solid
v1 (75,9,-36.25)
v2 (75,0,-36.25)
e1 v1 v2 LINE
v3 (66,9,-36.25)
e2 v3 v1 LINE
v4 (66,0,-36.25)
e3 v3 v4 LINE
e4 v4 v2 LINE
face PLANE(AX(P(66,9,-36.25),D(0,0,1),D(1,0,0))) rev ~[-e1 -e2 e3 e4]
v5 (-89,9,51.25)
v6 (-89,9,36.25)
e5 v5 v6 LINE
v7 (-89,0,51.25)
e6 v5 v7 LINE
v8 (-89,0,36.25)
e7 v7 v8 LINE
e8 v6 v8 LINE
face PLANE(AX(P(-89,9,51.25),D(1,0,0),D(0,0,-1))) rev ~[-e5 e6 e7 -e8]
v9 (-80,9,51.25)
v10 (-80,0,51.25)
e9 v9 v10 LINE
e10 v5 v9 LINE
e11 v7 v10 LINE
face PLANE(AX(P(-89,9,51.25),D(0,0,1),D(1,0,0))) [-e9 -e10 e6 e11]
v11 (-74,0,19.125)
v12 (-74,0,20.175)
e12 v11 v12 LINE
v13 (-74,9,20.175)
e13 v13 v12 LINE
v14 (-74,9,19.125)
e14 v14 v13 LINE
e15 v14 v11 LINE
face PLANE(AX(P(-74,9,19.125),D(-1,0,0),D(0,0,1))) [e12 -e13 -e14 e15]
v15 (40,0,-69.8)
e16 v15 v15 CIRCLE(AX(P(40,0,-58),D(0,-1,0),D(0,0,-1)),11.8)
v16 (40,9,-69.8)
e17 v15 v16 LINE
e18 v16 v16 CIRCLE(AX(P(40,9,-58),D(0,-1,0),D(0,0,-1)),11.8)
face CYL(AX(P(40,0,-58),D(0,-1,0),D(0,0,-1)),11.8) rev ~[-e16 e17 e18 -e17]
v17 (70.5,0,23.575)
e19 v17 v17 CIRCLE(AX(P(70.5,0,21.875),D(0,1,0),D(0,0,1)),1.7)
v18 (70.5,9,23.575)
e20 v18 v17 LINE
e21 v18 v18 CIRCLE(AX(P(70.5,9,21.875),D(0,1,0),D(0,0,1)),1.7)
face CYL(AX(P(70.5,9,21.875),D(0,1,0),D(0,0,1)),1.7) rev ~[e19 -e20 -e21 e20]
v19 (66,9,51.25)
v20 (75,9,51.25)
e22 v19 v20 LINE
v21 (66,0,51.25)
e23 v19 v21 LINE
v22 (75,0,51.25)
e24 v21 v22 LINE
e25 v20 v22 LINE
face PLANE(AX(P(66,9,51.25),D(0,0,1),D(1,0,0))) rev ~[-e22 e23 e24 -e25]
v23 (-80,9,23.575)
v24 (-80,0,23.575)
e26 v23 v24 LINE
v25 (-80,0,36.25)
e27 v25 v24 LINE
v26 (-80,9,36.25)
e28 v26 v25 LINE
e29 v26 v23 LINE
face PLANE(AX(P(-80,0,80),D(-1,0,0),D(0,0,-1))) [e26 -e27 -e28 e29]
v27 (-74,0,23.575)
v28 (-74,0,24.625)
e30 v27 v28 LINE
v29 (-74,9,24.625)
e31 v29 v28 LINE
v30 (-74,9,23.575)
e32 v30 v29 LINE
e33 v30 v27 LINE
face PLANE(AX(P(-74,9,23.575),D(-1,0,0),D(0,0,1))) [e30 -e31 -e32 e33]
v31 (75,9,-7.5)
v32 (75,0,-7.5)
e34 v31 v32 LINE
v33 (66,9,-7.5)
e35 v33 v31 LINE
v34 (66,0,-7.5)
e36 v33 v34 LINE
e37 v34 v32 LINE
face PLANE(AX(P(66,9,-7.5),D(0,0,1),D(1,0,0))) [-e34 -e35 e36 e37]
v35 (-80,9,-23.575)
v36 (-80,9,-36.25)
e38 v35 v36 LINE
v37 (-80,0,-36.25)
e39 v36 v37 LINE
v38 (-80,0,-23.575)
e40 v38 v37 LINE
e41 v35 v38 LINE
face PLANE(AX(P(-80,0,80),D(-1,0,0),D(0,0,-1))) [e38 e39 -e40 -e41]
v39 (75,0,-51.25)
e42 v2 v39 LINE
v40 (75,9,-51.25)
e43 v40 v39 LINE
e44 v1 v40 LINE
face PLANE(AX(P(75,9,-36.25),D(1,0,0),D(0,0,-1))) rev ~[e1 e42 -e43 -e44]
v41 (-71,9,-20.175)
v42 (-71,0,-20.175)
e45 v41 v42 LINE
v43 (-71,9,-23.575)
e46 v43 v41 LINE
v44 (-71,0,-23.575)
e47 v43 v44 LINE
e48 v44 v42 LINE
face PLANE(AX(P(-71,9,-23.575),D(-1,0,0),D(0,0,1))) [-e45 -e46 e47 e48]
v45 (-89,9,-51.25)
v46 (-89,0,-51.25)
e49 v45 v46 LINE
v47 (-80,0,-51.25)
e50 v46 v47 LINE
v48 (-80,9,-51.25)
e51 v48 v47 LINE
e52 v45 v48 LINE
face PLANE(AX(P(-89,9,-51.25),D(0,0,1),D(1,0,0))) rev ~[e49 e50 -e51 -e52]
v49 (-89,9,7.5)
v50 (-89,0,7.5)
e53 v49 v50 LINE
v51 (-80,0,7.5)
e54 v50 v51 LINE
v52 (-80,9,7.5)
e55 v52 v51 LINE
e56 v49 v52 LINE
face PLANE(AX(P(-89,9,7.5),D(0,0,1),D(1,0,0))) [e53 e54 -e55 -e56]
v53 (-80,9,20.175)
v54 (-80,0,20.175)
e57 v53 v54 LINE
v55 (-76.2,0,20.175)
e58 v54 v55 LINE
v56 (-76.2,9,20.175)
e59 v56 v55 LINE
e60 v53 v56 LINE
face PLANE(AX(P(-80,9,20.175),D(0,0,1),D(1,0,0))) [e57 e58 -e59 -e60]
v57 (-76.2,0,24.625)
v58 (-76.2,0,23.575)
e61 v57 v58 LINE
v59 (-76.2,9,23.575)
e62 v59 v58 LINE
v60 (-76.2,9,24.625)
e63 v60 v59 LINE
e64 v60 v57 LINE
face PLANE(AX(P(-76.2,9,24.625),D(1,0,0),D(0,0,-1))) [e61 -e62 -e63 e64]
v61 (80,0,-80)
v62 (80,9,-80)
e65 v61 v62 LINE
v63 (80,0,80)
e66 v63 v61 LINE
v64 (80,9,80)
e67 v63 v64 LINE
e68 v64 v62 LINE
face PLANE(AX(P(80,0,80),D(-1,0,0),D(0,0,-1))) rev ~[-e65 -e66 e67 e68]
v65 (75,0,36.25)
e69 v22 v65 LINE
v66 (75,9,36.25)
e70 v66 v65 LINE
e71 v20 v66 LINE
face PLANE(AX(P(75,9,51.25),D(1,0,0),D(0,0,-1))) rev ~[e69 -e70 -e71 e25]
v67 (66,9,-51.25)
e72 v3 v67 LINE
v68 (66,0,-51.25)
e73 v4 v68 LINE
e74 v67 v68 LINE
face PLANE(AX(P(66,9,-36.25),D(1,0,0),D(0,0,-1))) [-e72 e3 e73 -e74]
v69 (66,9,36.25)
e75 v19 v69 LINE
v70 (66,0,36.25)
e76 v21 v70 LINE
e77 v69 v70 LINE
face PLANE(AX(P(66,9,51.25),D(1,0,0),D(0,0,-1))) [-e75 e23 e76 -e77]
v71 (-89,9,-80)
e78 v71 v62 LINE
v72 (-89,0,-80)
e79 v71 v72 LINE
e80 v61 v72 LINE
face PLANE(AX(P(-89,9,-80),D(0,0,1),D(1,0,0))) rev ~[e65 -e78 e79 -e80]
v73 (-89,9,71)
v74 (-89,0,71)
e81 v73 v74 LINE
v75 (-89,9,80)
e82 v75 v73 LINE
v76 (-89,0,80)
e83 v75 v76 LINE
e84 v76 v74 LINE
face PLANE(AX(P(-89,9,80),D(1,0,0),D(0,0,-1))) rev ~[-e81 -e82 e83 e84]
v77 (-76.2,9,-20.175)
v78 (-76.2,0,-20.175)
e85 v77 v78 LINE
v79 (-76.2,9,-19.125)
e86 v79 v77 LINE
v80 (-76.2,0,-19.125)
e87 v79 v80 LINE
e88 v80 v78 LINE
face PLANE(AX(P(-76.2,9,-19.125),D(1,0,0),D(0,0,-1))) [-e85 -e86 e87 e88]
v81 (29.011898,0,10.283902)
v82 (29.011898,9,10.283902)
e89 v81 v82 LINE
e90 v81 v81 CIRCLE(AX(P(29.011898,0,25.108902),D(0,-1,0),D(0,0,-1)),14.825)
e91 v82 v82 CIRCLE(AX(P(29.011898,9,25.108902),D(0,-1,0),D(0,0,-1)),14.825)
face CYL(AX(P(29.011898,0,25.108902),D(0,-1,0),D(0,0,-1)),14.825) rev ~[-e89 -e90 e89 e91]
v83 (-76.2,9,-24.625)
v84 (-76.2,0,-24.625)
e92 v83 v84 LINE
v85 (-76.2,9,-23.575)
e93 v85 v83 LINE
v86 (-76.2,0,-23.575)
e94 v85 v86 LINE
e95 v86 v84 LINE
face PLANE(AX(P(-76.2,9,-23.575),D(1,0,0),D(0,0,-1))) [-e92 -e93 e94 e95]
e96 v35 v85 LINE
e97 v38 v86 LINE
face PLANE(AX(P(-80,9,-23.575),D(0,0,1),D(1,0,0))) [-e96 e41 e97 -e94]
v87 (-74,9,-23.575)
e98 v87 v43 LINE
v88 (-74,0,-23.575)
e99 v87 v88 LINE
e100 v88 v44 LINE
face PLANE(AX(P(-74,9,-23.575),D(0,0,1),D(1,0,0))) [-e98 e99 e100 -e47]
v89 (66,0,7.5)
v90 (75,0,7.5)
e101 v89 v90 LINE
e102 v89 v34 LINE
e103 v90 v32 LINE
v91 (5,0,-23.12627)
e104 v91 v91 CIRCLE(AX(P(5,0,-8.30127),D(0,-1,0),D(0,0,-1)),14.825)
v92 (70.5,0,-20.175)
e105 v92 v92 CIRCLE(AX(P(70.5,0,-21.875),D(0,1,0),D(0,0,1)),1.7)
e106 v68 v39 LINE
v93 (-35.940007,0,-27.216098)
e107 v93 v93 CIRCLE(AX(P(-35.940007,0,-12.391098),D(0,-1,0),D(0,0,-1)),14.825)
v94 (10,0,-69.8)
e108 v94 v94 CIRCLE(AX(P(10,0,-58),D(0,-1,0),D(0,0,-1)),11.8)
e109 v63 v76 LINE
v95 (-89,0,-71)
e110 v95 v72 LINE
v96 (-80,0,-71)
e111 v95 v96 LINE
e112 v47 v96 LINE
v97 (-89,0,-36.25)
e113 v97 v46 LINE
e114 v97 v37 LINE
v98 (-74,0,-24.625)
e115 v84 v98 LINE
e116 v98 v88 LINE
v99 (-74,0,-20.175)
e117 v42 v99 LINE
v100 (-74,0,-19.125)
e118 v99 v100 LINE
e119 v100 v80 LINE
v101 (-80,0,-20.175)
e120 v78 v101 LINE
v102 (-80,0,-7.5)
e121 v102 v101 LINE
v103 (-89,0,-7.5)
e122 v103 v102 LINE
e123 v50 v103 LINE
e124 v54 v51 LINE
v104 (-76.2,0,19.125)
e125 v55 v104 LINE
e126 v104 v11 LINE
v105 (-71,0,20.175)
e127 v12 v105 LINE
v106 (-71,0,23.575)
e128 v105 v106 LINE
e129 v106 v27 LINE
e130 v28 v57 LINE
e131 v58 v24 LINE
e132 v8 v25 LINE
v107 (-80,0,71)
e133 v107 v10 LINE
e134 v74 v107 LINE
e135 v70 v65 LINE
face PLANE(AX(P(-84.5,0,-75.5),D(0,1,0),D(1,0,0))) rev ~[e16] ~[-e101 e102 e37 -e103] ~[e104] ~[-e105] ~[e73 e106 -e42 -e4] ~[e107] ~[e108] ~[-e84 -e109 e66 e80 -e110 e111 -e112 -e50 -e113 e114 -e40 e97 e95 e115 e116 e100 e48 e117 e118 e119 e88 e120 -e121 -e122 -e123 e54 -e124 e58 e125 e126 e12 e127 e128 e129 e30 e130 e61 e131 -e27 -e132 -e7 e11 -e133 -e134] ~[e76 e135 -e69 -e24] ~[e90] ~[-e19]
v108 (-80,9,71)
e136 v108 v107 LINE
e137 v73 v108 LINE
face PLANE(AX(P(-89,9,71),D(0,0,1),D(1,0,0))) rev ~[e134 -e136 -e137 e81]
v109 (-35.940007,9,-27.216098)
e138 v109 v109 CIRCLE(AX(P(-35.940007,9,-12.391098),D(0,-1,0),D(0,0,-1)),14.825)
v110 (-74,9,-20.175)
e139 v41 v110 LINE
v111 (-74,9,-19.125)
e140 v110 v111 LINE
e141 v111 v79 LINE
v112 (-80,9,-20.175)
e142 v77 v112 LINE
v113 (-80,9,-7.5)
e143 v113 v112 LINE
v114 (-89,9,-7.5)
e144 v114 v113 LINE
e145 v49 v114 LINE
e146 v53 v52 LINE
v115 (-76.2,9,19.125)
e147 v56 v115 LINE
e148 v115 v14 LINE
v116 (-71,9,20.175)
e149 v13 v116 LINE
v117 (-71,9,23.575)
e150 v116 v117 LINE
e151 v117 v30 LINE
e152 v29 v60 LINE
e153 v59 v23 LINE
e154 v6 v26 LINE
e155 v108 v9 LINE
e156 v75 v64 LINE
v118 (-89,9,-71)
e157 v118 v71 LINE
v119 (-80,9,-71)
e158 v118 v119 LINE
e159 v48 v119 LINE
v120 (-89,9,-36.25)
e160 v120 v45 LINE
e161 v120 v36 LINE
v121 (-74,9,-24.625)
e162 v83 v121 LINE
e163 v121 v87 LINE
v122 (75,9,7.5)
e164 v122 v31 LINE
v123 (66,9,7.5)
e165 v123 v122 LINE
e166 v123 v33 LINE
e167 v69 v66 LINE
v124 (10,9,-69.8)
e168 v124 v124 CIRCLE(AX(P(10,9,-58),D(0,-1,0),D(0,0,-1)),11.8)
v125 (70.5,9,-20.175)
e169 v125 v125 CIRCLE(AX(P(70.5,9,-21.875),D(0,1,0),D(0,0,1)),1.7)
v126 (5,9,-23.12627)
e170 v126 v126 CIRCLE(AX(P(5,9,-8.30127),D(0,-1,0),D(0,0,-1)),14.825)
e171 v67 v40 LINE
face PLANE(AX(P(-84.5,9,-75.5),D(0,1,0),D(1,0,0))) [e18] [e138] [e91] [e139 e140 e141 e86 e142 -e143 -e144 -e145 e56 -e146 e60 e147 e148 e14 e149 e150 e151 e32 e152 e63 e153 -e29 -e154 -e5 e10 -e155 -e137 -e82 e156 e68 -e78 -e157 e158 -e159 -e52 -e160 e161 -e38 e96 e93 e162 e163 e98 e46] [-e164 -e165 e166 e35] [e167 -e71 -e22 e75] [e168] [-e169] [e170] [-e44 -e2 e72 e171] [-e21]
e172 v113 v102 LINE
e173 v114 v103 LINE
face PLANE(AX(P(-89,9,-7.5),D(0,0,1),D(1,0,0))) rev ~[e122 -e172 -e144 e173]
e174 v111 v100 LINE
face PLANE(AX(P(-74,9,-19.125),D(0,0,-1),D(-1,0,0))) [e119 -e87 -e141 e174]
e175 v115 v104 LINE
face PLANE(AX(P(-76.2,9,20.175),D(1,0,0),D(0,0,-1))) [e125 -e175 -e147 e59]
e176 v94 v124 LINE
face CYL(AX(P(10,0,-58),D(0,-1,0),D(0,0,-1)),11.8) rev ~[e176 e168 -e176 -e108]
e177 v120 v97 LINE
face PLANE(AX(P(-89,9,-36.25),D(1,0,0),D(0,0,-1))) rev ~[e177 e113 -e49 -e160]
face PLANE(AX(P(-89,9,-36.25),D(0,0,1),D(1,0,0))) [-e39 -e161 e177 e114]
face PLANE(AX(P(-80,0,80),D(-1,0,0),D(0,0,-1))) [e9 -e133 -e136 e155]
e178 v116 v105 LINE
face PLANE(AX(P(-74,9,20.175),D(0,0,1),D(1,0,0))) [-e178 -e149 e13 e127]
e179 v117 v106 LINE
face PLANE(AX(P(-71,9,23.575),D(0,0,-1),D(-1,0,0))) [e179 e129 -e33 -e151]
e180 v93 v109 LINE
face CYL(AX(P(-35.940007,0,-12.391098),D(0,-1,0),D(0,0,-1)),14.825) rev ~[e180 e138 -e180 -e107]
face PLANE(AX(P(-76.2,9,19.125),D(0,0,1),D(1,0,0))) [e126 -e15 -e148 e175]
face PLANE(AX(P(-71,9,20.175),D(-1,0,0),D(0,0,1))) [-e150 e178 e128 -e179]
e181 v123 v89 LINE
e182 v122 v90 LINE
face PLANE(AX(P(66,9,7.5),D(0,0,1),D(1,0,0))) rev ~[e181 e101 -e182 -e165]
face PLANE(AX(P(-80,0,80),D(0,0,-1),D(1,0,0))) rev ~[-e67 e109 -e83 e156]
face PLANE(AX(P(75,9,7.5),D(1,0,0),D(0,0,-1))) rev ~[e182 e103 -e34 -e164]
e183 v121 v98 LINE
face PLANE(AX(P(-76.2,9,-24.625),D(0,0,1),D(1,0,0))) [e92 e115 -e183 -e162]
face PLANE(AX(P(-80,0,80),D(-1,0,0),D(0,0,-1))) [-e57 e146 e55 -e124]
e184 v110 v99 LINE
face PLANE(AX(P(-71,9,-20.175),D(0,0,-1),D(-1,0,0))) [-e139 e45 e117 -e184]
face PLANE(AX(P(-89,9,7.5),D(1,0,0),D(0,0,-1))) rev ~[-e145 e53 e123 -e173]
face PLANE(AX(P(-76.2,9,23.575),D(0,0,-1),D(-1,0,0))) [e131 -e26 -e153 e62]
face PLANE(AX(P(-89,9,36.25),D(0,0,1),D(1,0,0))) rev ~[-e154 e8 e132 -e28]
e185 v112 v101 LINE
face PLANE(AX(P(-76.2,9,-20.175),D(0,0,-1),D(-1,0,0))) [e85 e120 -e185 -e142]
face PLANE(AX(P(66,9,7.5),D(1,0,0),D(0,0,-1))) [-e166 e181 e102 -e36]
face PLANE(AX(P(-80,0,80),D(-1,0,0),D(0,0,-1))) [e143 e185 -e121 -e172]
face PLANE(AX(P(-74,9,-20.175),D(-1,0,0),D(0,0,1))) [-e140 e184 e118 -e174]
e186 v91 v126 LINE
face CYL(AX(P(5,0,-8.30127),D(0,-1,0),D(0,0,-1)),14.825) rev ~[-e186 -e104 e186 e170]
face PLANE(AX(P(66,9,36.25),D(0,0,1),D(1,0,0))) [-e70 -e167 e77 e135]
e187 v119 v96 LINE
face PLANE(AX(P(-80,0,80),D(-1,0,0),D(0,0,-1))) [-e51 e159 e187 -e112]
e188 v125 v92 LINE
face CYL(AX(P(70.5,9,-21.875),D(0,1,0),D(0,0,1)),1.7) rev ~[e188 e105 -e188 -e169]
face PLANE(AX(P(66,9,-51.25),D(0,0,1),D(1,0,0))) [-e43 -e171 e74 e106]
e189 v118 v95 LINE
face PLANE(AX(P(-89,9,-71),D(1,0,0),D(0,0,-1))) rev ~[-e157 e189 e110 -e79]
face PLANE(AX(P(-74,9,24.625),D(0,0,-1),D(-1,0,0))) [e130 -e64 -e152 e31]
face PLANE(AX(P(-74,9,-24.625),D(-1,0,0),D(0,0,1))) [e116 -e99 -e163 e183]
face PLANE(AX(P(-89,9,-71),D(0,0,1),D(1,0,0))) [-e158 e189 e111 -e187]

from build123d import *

# Parameters (mm, degrees)
SKETCH1_W           = 160
SKETCH1_H           = 160
BOSS_EXTRUDE1_DEPTH = 9
SKETCH2_W           = 9
SKETCH2_H           = 15
SKETCH2_H_2         = 9
BOSS_EXTRUDE2_DEPTH = 9
SKETCH3_R           = 1.7
SKETCH3_W           = 9
SKETCH3_H           = 15
CUT_EXTRUDE1_DEPTH  = 121.008333044
CUT_EXTRUDE2_DEPTH  = 121.008333044
SKETCH5_R           = 14.825
SKETCH5_R_2         = 11.8
CUT_EXTRUDE3_DEPTH  = 121.008333044


with BuildPart() as part:
    # Sketch1 → Boss-Extrude1 (new body)
    with BuildSketch(Plane(origin=(0, 0, 0), x_dir=(1, 0, 0), z_dir=(0, 1, 0))):
        Rectangle(SKETCH1_W, SKETCH1_H)
    extrude(amount=BOSS_EXTRUDE1_DEPTH)

    # Sketch2 → Boss-Extrude2 (add)
    with BuildSketch(Plane(origin=(0, 9, 0), x_dir=(1, 0, 0), z_dir=(0, 1, 0))):
        with Locations((-84.5, 0)):
            Rectangle(SKETCH2_W, SKETCH2_H)
        with Locations((-84.5, 43.75)):
            Rectangle(SKETCH2_W, SKETCH2_H)
        with Locations((-84.5, -43.75)):
            Rectangle(SKETCH2_W, SKETCH2_H)
        with Locations((-84.5, 75.5)):
            Rectangle(SKETCH2_W, SKETCH2_H_2)
        with Locations((-84.5, -75.5)):
            Rectangle(SKETCH2_W, SKETCH2_H_2)
    extrude(amount=-BOSS_EXTRUDE2_DEPTH)

    # Sketch3 → Cut-Extrude1 (cut, through all)
    with BuildSketch(Plane(origin=(0, 9, 0), x_dir=(1, 0, 0), z_dir=(0, 1, 0))):
        with Locations(Location((70.5, 21.875, 0), (0, 0, 270))):
            Circle(SKETCH3_R)
        with Locations(Location((70.5, -21.875, 0), (0, 0, 270))):
            Circle(SKETCH3_R)
        with Locations((70.5, 43.75)):
            Rectangle(SKETCH3_W, SKETCH3_H)
        with Locations((70.5, 0)):
            Rectangle(SKETCH3_W, SKETCH3_H)
        with Locations((70.5, -43.75)):
            Rectangle(SKETCH3_W, SKETCH3_H)
    extrude(amount=-CUT_EXTRUDE1_DEPTH, mode=Mode.SUBTRACT)

    # Sketch4 → Cut-Extrude2 (cut, through all)
    with BuildSketch(Plane(origin=(0, 9, 0), x_dir=(1, 0, 0), z_dir=(0, 1, 0))):
        Polygon((-80, 23.575), (-76.2, 23.575), (-76.2, 24.625), (-74, 24.625), (-74, 23.575), (-71, 23.575), (-71, 20.175), (-74, 20.175), (-74, 19.125), (-76.2, 19.125), (-76.2, 20.175), (-80, 20.175), align=None)
        Polygon((-80, -23.575), (-80, -20.175), (-76.2, -20.175), (-76.2, -19.125), (-74, -19.125), (-74, -20.175), (-71, -20.175), (-71, -23.575), (-74, -23.575), (-74, -24.625), (-76.2, -24.625), (-76.2, -23.575), align=None)
    extrude(amount=-CUT_EXTRUDE2_DEPTH, mode=Mode.SUBTRACT)

    # Sketch5 → Cut-Extrude3 (cut, through all)
    with BuildSketch(Plane.XZ):
        with Locations(Location((29.011898336, 25.108901907, 0), (0, 0, 270))):
            Circle(SKETCH5_R)
        with Locations(Location((5, -8.301270189, 0), (0, 0, 270))):
            Circle(SKETCH5_R)
        with Locations(Location((-35.940006948, -12.391098093, 0), (0, 0, 270))):
            Circle(SKETCH5_R)
        with Locations(Location((40, -58, 0), (0, 0, 270))):
            Circle(SKETCH5_R_2)
        with Locations(Location((10, -58, 0), (0, 0, 270))):
            Circle(SKETCH5_R_2)
    extrude(amount=-CUT_EXTRUDE3_DEPTH, mode=Mode.SUBTRACT)


solid = part.part
